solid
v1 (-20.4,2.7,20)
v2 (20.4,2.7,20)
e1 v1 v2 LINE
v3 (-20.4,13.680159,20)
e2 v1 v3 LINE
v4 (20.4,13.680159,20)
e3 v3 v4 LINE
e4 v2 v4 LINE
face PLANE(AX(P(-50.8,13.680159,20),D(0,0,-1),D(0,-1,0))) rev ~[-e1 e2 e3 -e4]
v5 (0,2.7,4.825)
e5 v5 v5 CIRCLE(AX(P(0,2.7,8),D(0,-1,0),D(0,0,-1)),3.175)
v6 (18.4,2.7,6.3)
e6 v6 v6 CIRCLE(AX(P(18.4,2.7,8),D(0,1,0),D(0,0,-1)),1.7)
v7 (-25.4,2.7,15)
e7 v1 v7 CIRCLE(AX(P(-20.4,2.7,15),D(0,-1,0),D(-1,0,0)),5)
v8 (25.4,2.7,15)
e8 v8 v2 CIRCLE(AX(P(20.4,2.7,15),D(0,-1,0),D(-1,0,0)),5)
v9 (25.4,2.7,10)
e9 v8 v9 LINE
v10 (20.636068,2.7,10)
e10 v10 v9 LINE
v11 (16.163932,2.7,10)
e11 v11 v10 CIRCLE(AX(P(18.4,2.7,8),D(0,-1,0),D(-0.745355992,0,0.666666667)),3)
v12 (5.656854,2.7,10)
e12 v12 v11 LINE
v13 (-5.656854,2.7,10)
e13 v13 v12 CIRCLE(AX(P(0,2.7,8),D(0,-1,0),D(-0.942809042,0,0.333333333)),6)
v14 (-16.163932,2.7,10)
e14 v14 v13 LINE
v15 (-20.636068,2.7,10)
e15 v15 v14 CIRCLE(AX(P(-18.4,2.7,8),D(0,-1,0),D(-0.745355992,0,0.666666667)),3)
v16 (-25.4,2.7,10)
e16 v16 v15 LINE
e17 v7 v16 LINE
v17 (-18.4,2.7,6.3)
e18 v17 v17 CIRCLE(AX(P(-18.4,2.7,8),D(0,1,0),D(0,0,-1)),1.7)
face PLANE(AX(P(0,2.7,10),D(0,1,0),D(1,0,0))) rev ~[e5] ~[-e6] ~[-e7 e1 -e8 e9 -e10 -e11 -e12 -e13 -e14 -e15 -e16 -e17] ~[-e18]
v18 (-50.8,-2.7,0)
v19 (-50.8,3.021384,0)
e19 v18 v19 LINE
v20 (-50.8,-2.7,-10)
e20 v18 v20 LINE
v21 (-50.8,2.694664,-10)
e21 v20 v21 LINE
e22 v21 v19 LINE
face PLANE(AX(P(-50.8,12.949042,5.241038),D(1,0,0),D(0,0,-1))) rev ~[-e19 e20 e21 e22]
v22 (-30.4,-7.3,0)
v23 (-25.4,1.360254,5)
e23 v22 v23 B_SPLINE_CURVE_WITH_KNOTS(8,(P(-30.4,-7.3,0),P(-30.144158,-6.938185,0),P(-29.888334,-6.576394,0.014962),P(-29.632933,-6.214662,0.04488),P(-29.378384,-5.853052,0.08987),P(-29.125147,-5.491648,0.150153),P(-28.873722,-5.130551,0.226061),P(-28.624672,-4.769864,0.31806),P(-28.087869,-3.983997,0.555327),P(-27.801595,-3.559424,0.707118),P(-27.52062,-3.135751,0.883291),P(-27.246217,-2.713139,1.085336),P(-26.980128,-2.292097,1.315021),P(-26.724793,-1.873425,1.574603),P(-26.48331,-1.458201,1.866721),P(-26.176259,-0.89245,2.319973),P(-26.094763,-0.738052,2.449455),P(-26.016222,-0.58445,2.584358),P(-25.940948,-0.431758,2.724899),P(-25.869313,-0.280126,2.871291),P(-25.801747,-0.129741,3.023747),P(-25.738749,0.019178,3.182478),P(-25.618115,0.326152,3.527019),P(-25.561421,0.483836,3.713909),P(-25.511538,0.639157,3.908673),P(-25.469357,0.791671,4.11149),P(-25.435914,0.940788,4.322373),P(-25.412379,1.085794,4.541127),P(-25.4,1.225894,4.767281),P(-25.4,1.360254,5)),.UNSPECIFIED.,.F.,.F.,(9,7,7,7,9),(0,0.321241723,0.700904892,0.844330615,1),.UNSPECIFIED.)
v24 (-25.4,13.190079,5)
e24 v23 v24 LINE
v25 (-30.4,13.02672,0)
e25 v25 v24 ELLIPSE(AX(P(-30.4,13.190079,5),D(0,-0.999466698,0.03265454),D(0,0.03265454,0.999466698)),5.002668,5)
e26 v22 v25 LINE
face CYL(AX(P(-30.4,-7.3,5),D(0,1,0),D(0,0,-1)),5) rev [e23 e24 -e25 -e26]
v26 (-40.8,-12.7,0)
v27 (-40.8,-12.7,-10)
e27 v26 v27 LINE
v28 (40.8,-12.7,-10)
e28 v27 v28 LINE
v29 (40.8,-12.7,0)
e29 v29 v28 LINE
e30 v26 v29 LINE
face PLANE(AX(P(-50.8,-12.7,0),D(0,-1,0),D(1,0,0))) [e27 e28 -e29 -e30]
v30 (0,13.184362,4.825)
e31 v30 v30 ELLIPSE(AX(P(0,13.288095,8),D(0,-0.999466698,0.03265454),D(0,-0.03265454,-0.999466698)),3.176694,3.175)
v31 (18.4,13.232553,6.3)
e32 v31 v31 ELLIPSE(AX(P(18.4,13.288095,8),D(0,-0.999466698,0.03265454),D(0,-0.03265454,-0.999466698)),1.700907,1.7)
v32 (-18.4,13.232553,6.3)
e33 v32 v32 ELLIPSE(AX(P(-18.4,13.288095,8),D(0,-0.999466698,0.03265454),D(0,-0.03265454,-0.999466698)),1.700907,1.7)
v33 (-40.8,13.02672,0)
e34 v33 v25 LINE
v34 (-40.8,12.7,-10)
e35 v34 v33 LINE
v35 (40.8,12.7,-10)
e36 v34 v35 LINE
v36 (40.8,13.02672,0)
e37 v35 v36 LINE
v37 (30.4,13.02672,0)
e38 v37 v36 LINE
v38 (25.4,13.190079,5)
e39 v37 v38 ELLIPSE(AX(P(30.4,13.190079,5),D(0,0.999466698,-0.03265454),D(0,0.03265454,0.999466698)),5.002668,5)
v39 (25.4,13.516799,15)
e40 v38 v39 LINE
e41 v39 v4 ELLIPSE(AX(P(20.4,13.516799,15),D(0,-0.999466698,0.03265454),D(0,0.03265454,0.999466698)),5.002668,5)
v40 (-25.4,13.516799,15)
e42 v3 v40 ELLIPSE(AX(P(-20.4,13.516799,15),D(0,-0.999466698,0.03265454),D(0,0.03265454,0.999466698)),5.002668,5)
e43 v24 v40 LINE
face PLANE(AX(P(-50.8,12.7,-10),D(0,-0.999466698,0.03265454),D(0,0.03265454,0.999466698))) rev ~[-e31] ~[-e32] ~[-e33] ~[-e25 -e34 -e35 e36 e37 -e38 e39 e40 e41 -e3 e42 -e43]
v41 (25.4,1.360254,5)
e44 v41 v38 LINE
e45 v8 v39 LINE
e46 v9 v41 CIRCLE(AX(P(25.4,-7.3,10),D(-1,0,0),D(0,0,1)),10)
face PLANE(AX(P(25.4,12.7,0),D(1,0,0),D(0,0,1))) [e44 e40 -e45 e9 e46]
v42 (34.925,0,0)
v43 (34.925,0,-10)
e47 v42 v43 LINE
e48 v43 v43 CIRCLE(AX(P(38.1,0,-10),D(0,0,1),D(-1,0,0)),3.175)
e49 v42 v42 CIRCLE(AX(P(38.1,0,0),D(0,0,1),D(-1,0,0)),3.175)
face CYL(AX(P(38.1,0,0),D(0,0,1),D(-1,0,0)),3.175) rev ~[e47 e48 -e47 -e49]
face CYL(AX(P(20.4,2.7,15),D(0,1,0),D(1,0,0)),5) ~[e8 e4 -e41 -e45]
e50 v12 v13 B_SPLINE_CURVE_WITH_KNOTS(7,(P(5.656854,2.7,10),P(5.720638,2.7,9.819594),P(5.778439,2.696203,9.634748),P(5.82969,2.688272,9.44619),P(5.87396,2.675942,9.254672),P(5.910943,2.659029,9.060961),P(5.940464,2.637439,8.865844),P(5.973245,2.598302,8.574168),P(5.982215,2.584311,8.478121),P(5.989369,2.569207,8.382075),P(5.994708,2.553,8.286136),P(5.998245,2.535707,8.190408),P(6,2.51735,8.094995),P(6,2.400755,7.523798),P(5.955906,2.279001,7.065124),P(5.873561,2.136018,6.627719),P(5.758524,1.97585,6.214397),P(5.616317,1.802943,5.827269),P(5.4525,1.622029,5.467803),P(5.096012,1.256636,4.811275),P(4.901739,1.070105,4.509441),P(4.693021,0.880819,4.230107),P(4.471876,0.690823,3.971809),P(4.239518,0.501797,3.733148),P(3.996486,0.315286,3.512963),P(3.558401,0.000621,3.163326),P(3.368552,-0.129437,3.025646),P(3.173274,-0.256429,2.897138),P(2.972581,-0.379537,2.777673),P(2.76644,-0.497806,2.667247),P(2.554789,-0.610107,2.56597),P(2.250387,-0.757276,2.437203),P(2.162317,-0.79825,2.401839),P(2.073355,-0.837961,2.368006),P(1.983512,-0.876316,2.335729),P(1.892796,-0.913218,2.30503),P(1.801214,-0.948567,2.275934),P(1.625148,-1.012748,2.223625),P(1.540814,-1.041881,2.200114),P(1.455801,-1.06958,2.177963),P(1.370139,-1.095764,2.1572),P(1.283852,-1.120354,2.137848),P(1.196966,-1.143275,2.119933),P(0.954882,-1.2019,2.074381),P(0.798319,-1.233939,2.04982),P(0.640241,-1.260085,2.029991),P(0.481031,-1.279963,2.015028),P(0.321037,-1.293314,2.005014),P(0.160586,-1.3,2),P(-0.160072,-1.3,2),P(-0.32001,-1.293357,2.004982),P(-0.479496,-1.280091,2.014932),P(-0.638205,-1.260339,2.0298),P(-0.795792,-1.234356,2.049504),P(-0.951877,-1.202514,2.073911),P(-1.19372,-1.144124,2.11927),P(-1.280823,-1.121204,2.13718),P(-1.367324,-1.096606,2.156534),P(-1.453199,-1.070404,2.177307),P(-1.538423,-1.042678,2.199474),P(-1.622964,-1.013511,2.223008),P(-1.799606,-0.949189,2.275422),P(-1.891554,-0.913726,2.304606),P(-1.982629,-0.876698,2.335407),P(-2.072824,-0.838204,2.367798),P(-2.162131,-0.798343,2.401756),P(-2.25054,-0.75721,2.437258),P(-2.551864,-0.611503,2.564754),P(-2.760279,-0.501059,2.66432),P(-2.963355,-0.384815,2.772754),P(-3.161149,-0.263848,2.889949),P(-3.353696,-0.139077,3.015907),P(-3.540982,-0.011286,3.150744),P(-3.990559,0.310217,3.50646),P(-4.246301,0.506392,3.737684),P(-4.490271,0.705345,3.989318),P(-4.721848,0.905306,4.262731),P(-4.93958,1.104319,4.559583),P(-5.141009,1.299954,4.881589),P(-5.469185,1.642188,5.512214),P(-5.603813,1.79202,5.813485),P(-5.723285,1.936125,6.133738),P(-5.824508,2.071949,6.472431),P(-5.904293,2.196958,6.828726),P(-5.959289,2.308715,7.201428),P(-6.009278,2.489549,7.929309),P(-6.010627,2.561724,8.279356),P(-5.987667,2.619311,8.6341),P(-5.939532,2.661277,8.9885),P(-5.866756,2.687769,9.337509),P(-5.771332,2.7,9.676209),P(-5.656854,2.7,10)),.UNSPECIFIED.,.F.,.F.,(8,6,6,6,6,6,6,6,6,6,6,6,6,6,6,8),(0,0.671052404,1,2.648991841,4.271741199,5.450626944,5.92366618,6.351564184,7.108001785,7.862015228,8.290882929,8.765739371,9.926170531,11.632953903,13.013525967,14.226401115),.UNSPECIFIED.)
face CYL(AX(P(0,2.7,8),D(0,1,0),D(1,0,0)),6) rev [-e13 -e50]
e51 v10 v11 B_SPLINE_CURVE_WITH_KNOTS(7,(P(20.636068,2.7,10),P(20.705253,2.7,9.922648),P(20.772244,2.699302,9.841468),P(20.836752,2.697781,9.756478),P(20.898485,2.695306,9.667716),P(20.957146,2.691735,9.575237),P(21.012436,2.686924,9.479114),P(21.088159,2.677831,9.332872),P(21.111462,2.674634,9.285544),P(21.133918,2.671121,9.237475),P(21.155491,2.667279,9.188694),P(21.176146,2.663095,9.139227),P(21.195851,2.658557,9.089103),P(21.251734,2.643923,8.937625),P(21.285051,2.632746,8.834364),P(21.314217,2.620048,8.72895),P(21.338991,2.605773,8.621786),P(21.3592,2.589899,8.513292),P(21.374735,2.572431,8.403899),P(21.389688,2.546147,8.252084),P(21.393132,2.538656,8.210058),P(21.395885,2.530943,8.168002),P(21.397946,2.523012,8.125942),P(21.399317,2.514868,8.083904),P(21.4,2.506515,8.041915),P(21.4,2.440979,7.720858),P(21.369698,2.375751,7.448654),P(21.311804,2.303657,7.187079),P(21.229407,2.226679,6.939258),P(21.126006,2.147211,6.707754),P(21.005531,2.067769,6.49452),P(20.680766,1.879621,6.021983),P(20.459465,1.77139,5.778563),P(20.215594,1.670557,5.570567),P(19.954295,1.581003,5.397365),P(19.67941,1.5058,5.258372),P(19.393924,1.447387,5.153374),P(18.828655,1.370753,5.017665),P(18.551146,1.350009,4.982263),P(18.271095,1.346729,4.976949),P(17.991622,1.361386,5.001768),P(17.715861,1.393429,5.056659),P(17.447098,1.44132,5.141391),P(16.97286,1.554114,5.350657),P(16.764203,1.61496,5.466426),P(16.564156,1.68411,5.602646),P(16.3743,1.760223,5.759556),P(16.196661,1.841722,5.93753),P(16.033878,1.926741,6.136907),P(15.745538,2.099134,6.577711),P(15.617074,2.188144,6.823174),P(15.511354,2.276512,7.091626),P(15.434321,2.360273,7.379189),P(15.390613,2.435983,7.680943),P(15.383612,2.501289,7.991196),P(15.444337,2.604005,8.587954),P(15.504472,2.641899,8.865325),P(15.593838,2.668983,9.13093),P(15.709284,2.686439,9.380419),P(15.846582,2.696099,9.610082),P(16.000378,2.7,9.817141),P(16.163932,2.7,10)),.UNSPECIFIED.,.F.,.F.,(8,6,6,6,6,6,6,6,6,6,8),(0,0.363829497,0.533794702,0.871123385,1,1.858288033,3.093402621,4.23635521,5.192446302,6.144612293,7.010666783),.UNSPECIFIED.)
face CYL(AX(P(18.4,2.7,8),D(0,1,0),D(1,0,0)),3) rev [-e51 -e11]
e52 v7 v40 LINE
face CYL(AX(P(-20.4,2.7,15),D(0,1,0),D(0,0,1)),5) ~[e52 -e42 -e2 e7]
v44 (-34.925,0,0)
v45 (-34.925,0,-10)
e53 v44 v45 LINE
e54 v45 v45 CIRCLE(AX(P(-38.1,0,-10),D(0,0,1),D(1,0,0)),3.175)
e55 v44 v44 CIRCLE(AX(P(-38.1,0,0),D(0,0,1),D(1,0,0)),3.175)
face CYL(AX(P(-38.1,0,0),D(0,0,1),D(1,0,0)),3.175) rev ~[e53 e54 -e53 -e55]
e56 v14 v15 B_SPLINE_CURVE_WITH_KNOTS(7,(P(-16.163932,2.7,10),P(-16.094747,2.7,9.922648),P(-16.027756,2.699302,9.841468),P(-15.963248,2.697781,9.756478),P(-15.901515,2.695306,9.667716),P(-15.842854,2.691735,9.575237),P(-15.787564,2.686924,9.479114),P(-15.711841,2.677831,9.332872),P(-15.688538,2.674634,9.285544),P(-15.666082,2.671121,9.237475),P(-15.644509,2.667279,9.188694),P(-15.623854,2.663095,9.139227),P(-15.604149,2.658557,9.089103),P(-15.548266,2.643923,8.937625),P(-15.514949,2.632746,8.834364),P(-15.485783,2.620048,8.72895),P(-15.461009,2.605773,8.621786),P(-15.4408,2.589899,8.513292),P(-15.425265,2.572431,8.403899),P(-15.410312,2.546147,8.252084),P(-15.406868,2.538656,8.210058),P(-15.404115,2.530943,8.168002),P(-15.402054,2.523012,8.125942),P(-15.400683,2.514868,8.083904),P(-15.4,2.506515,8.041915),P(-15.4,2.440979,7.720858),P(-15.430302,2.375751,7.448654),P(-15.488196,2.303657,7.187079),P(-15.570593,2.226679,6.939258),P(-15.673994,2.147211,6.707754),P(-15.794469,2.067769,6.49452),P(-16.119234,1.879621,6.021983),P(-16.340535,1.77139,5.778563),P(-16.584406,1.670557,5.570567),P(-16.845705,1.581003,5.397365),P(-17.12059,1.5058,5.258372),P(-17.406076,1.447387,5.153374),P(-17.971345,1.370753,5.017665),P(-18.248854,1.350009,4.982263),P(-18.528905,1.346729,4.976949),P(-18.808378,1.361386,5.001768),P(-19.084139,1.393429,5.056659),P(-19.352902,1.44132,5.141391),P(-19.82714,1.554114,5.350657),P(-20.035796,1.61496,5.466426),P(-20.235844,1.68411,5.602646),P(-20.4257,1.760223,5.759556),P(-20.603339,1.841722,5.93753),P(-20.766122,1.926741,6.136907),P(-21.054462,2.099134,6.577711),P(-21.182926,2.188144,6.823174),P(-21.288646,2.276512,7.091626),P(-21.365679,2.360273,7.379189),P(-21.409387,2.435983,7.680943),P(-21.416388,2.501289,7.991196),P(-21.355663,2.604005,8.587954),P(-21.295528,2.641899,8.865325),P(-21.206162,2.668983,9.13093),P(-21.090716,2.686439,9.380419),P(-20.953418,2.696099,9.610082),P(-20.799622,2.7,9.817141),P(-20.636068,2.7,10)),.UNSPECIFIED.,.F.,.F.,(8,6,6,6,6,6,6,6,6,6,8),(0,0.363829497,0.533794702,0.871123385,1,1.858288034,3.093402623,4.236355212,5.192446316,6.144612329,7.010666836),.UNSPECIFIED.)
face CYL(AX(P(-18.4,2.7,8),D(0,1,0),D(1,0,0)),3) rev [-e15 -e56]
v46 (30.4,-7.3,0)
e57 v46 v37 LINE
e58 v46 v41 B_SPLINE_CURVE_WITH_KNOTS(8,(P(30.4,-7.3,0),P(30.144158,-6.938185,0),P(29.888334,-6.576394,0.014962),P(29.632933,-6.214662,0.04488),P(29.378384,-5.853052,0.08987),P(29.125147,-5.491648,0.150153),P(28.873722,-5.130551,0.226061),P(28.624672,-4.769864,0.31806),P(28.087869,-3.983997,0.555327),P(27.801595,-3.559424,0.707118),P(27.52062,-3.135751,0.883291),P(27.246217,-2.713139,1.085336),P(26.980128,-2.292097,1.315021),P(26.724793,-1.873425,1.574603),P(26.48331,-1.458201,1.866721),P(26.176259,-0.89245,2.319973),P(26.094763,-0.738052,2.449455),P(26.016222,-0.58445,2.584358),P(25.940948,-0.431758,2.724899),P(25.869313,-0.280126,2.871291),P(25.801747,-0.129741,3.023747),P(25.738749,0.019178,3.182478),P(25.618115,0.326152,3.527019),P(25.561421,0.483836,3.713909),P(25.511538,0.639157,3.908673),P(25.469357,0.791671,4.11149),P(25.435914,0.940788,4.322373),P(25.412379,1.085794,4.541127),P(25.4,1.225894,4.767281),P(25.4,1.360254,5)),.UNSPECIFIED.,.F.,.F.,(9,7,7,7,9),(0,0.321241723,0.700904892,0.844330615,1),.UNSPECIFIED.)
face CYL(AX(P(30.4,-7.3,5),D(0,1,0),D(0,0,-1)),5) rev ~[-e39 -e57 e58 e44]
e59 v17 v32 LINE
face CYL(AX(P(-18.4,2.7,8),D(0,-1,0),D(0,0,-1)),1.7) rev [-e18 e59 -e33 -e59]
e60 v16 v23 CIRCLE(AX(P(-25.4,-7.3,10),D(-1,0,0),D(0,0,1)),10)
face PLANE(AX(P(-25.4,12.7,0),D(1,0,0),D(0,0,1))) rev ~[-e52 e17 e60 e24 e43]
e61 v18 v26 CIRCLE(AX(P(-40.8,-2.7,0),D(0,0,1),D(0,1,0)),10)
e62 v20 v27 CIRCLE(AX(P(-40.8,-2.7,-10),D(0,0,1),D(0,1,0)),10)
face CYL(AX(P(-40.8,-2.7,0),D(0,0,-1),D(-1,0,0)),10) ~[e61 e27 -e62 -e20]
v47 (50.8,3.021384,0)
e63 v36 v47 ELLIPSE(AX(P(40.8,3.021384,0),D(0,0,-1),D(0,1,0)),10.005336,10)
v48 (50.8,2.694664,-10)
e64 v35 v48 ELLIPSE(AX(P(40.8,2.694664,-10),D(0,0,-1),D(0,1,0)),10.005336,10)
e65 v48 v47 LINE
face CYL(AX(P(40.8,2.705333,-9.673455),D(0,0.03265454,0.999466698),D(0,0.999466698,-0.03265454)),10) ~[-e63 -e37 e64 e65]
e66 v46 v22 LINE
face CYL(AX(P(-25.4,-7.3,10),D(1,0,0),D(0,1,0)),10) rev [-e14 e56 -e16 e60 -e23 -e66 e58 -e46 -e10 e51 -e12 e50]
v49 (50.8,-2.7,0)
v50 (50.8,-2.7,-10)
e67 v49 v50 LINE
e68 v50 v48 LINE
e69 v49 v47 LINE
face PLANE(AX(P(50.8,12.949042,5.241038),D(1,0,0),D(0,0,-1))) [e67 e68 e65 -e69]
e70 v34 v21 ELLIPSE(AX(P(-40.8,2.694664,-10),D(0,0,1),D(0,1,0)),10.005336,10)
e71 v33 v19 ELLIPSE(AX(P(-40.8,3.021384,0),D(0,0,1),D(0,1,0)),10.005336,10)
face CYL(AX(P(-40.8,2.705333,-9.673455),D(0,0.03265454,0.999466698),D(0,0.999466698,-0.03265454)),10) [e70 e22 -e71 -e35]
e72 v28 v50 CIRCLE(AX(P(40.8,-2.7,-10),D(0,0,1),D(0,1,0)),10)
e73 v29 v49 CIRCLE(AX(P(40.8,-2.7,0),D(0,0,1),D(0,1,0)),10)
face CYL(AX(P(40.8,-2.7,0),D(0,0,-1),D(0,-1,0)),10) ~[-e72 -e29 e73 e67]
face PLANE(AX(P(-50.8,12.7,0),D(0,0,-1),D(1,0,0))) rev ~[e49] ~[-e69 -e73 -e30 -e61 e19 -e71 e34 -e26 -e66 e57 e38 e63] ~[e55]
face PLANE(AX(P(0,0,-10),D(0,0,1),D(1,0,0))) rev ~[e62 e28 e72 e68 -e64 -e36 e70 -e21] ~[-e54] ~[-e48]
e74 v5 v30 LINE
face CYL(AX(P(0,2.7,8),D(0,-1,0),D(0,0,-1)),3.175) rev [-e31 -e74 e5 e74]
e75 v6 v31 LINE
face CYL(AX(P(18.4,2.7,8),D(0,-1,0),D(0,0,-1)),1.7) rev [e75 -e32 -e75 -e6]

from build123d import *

# Parameters (mm, degrees)
SKETCH1_W                = 101.6
SKETCH1_H                = 25.4
BOSS_EXTRUDE1_DEPTH      = 10
SKETCH4_W                = 50.8
SKETCH4_H                = 20
BOSS_EXTRUDE2_DEPTH      = 10
BOSS_EXTRUDE4_DEPTH      = 50.8
BOSS_EXTRUDE4_DEPTH_BACK = 50.8
SKETCH9_W                = 25.4
SKETCH9_H                = 20
CUT_EXTRUDE4_DEPTH       = 61.214616166
FILLET1_R                = 10
CUT_EXTRUDE1_REACH       = 58.726
SKETCH5_R                = 3.175
SKETCH5_R_2              = 1.7
CUT_EXTRUDE2_REACH       = 58.283
SKETCH6_R                = 3.175
FILLET2_R                = 10
CUT_EXTRUDE3_REACH       = 58.726
SKETCH7_R                = 6
SKETCH7_R_2              = 3
FILLET3_R                = 5
FILLET4_R                = 5


with BuildPart() as part:
    # Sketch1 → Boss-Extrude1 (new body)
    with BuildSketch(Plane.XY):
        Rectangle(SKETCH1_W, SKETCH1_H)
    extrude(amount=-BOSS_EXTRUDE1_DEPTH)

    # Sketch4 → Boss-Extrude2 (add)
    with BuildSketch(Plane(origin=(0, 12.7, 0), x_dir=(1, 0, 0), z_dir=(0, 1, 0))):
        with Locations((0, -10)):
            Rectangle(SKETCH4_W, SKETCH4_H)
    extrude(amount=-BOSS_EXTRUDE2_DEPTH)

    # Sketch8 → Boss-Extrude4 (add, two sides: drawn at the far end of the back side and taken through both)
    with BuildSketch(Plane(origin=(0, 0, 0), x_dir=(0, 0, -1), z_dir=(1, 0, 0)).offset(-BOSS_EXTRUDE4_DEPTH_BACK)):
        Polygon((10, 12.7), (-20, 13.680158925), (-20, 12.7), align=None)
    extrude(amount=BOSS_EXTRUDE4_DEPTH + BOSS_EXTRUDE4_DEPTH_BACK)

    # Sketch9 → Cut-Extrude4 (cut, through all)
    with BuildSketch(Plane.XZ.offset(-12.7)):
        with Locations((-38.1, 10)):
            Rectangle(SKETCH9_W, SKETCH9_H)
        with Locations((38.1, 10)):
            Rectangle(SKETCH9_W, SKETCH9_H)
    extrude(amount=-CUT_EXTRUDE4_DEPTH, mode=Mode.SUBTRACT)

    # Fillet1
    fillet1_edges = [part.edges().sort_by_distance(p)[0] for p in [
        (0, 2.7, 0),
    ]]
    fillet(fillet1_edges, radius=FILLET1_R)

    # Cut-Extrude1: up to this plane
    cut_extrude1_end = Plane(origin=(50.8, 12.7, -10), z_dir=(0, -0.9994666982985511, 0.03265454014671021))
    # Sketch5 → Cut-Extrude1 (cut, up to the surface)
    with BuildSketch(Plane(origin=(0, 2.7, 0), x_dir=(1, 0, 0), z_dir=(0, 1, 0)), mode=Mode.PRIVATE) as cut_extrude1_sk1:
        with Locations(Location((0, -8, 0), (0, 0, 90))):
            Circle(SKETCH5_R)
    cut_extrude1_tool1 = split(extrude(cut_extrude1_sk1.sketch, amount=CUT_EXTRUDE1_REACH, mode=Mode.PRIVATE), bisect_by=cut_extrude1_end, keep=Keep.BOTH, mode=Mode.PRIVATE)
    add(cut_extrude1_tool1.solids().sort_by_distance((0, 2.7, 8))[0], mode=Mode.SUBTRACT)
    # Sketch5 → Cut-Extrude1 (cut, up to the surface)
    with BuildSketch(Plane(origin=(0, 2.7, 0), x_dir=(1, 0, 0), z_dir=(0, 1, 0)), mode=Mode.PRIVATE) as cut_extrude1_sk2:
        with Locations(Location((-18.4, -8, 0), (0, 0, 90))):
            Circle(SKETCH5_R_2)
    cut_extrude1_tool2 = split(extrude(cut_extrude1_sk2.sketch, amount=CUT_EXTRUDE1_REACH, mode=Mode.PRIVATE), bisect_by=cut_extrude1_end, keep=Keep.BOTH, mode=Mode.PRIVATE)
    add(cut_extrude1_tool2.solids().sort_by_distance((-18.4, 2.7, 8))[0], mode=Mode.SUBTRACT)
    # Sketch5 → Cut-Extrude1 (cut, up to the surface)
    with BuildSketch(Plane(origin=(0, 2.7, 0), x_dir=(1, 0, 0), z_dir=(0, 1, 0)), mode=Mode.PRIVATE) as cut_extrude1_sk3:
        with Locations(Location((18.4, -8, 0), (0, 0, 90))):
            Circle(SKETCH5_R_2)
    cut_extrude1_tool3 = split(extrude(cut_extrude1_sk3.sketch, amount=CUT_EXTRUDE1_REACH, mode=Mode.PRIVATE), bisect_by=cut_extrude1_end, keep=Keep.BOTH, mode=Mode.PRIVATE)
    add(cut_extrude1_tool3.solids().sort_by_distance((18.4, 2.7, 8))[0], mode=Mode.SUBTRACT)

    # Sketch6 → Cut-Extrude2 (cut, up to next)
    with BuildSketch(Plane.XY, mode=Mode.PRIVATE) as cut_extrude2_sk1:
        with Locations((-38.1, 0)):
            Circle(SKETCH6_R)
    cut_extrude2_tool1 = extrude(cut_extrude2_sk1.sketch, amount=-CUT_EXTRUDE2_REACH, mode=Mode.PRIVATE) & part.part
    # Sketch6 → Cut-Extrude2 (cut, up to next)
    with BuildSketch(Plane.XY, mode=Mode.PRIVATE) as cut_extrude2_sk2:
        with Locations(Location((38.1, 0, 0), (0, 0, 180))):
            Circle(SKETCH6_R)
    cut_extrude2_tool2 = extrude(cut_extrude2_sk2.sketch, amount=-CUT_EXTRUDE2_REACH, mode=Mode.PRIVATE) & part.part
    add(cut_extrude2_tool1.solids().sort_by_distance((-38.1, 0, 0))[0], mode=Mode.SUBTRACT)
    add(cut_extrude2_tool2.solids().sort_by_distance((38.1, 0, 0))[0], mode=Mode.SUBTRACT)

    # Fillet2
    fillet2_edges = [part.edges().sort_by_distance(p)[0] for p in [
        (-50.8, 12.863359821, -5),
        (50.8, 12.863359821, -5),
        (50.8, -12.7, -5),
        (-50.8, -12.7, -5),
    ]]
    fillet(fillet2_edges, radius=FILLET2_R)

    # Sketch7 → Cut-Extrude3 (cut, up to next)
    with BuildSketch(Plane.XZ.offset(-2.7), mode=Mode.PRIVATE) as cut_extrude3_sk1:
        with Locations((0, 8)):
            Circle(SKETCH7_R)
    cut_extrude3_tool1 = extrude(cut_extrude3_sk1.sketch, amount=CUT_EXTRUDE3_REACH, mode=Mode.PRIVATE) & part.part
    # Sketch7 → Cut-Extrude3 (cut, up to next)
    with BuildSketch(Plane.XZ.offset(-2.7), mode=Mode.PRIVATE) as cut_extrude3_sk2:
        with Locations((-18.4, 8)):
            Circle(SKETCH7_R_2)
    cut_extrude3_tool2 = extrude(cut_extrude3_sk2.sketch, amount=CUT_EXTRUDE3_REACH, mode=Mode.PRIVATE) & part.part
    # Sketch7 → Cut-Extrude3 (cut, up to next)
    with BuildSketch(Plane.XZ.offset(-2.7), mode=Mode.PRIVATE) as cut_extrude3_sk3:
        with Locations((18.4, 8)):
            Circle(SKETCH7_R_2)
    cut_extrude3_tool3 = extrude(cut_extrude3_sk3.sketch, amount=CUT_EXTRUDE3_REACH, mode=Mode.PRIVATE) & part.part
    add(cut_extrude3_tool1.solids().sort_by_distance((0, 2.7, 8))[0], mode=Mode.SUBTRACT)
    add(cut_extrude3_tool2.solids().sort_by_distance((-18.4, 2.7, 8))[0], mode=Mode.SUBTRACT)
    add(cut_extrude3_tool3.solids().sort_by_distance((18.4, 2.7, 8))[0], mode=Mode.SUBTRACT)

    # Fillet3
    fillet3_edges = [part.edges().sort_by_distance(p)[0] for p in [
        (-25.4, 2.863359821, 0),
        (25.4, 2.863359821, 0),
    ]]
    fillet(fillet3_edges, radius=FILLET3_R)

    # Fillet4
    fillet4_edges = [part.edges().sort_by_distance(p)[0] for p in [
        (-25.4, 8.190079462, 20),
        (25.4, 8.190079462, 20),
    ]]
    fillet(fillet4_edges, radius=FILLET4_R)


solid = part.part
